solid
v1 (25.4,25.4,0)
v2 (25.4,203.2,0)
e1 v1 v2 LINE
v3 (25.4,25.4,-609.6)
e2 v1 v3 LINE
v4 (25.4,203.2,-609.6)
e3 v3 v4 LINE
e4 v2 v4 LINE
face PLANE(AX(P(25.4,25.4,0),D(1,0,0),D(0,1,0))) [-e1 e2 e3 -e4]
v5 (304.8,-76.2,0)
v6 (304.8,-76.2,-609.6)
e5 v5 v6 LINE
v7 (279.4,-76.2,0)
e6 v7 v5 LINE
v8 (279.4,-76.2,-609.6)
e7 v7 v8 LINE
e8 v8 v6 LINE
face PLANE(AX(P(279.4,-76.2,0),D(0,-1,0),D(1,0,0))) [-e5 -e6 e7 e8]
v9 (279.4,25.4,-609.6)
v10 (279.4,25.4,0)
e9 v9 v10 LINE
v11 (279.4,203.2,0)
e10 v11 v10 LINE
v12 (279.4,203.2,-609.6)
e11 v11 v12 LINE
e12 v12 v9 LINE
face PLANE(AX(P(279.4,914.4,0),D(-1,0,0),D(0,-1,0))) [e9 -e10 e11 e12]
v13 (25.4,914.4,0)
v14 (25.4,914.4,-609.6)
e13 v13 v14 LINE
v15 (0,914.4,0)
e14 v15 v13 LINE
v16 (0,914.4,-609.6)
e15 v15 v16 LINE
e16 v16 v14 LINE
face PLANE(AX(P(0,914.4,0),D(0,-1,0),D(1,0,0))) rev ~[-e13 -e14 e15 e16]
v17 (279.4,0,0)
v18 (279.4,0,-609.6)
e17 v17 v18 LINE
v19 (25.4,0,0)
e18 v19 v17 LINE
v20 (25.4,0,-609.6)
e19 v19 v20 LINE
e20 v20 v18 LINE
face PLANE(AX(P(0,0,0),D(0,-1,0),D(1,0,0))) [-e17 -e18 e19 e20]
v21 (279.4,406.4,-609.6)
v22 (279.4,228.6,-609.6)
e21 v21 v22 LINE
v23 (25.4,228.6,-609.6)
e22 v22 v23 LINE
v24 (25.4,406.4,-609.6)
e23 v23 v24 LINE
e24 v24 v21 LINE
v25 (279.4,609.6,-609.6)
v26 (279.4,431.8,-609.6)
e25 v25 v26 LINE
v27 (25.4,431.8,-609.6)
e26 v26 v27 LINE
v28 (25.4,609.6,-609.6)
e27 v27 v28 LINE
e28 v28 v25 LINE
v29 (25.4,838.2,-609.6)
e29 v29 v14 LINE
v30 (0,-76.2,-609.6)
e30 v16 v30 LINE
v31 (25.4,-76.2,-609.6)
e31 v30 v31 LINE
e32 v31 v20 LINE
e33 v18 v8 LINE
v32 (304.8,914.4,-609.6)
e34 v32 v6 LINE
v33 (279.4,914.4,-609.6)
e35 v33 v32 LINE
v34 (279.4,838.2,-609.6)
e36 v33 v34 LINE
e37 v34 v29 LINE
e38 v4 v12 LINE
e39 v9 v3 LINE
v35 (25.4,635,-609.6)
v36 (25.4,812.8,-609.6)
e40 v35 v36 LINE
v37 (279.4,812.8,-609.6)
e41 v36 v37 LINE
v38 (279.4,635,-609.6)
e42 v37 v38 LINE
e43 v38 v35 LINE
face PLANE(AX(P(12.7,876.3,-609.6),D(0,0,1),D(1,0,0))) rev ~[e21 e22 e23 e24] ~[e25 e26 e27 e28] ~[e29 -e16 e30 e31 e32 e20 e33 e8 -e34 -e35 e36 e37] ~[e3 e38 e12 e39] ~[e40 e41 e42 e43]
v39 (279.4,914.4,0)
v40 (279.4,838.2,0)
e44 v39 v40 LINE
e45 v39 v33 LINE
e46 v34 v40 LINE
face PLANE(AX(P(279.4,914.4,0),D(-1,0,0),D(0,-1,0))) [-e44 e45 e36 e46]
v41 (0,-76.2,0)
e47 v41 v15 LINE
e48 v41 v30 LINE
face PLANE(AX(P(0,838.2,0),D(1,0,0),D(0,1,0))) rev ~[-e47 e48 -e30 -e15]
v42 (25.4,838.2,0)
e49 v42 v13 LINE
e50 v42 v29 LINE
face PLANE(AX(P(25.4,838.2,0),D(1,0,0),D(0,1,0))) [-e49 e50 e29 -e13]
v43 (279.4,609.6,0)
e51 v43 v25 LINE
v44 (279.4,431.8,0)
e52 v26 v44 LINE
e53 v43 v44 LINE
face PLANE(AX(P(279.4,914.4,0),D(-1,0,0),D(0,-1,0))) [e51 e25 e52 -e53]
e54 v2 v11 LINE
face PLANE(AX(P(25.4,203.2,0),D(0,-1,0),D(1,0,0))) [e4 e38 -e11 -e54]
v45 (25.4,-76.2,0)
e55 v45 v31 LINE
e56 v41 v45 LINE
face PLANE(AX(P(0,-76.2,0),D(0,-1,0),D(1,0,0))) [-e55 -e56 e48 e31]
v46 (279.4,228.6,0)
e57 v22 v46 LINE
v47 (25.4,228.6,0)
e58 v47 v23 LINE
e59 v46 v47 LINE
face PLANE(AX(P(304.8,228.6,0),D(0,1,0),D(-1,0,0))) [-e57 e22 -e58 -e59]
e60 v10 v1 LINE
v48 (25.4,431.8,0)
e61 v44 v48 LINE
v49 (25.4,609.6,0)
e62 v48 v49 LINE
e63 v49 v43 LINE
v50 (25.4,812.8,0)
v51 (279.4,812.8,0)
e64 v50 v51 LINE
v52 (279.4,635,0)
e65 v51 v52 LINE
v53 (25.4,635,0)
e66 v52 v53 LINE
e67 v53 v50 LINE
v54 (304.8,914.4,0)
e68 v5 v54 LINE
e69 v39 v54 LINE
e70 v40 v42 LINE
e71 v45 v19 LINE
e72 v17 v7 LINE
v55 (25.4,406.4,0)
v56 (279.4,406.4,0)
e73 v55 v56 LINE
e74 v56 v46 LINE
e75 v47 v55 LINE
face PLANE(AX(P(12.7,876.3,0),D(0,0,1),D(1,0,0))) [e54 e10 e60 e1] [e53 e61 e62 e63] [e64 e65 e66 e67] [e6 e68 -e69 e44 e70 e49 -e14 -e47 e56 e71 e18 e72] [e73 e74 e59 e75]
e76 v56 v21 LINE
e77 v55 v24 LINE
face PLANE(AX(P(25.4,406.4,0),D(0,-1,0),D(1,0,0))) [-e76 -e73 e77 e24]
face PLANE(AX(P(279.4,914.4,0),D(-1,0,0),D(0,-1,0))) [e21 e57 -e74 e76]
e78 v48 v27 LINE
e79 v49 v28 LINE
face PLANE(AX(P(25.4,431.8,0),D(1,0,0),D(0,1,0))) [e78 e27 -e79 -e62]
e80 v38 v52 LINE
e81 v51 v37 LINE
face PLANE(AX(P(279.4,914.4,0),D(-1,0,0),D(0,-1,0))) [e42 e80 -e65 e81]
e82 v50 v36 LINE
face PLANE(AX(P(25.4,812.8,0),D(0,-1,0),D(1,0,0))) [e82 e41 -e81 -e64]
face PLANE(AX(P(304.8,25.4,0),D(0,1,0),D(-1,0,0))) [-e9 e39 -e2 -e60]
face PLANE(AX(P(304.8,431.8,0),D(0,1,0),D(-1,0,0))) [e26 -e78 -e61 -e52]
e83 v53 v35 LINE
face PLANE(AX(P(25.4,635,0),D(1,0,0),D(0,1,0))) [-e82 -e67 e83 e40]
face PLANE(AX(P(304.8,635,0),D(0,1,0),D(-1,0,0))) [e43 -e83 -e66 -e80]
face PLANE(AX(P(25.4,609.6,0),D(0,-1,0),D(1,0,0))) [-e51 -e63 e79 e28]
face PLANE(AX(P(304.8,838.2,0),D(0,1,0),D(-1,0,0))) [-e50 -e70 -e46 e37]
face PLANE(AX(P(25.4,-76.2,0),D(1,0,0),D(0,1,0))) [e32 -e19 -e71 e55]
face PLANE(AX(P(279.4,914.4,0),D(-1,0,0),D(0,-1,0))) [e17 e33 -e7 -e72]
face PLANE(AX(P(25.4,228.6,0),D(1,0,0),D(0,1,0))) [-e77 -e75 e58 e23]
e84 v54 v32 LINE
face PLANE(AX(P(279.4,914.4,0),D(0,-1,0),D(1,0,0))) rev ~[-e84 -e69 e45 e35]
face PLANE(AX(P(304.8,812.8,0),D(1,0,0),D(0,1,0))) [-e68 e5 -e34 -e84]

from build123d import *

# Parameters (mm, degrees)
F1_DEPTH = 609.6
F2_W     = 25.4
F2_H     = 76.2
F2_H_2   = 838.2
F3_DEPTH = 609.6


with BuildPart() as f1:
    # F0 (on Top) → F1 (new body)
    with BuildSketch(Plane.XY):
        Polygon((304.8, 838.2), (0, 838.2), (0, 419.1), (0, 0), (304.8, 0), (304.8, 25.4), (25.4, 25.4), (25.4, 203.2), (304.8, 203.2), (304.8, 215.9), (304.8, 228.6), (25.4, 228.6), (25.4, 406.4), (304.8, 406.4), (304.8, 419.1), (304.8, 431.8), (25.4, 431.8), (25.4, 609.6), (304.8, 609.6), (304.8, 622.3), (304.8, 635), (25.4, 635), (25.4, 812.8), (304.8, 812.8), align=None)
    extrude(amount=-F1_DEPTH)

    # F2 (on face) → F3 (join)
    with BuildSketch(Plane.XY):
        with Locations((12.7, 876.3)):
            Rectangle(F2_W, F2_H)
        with Locations((12.7, -38.1)):
            Rectangle(F2_W, F2_H)
        with Locations((292.1, 419.1)):
            Rectangle(F2_W, F2_H_2)
        with Locations((292.1, 876.3)):
            Rectangle(F2_W, F2_H)
        with Locations((292.1, -38.1)):
            Rectangle(F2_W, F2_H)
    extrude(amount=-F3_DEPTH)


solid = f1.part
